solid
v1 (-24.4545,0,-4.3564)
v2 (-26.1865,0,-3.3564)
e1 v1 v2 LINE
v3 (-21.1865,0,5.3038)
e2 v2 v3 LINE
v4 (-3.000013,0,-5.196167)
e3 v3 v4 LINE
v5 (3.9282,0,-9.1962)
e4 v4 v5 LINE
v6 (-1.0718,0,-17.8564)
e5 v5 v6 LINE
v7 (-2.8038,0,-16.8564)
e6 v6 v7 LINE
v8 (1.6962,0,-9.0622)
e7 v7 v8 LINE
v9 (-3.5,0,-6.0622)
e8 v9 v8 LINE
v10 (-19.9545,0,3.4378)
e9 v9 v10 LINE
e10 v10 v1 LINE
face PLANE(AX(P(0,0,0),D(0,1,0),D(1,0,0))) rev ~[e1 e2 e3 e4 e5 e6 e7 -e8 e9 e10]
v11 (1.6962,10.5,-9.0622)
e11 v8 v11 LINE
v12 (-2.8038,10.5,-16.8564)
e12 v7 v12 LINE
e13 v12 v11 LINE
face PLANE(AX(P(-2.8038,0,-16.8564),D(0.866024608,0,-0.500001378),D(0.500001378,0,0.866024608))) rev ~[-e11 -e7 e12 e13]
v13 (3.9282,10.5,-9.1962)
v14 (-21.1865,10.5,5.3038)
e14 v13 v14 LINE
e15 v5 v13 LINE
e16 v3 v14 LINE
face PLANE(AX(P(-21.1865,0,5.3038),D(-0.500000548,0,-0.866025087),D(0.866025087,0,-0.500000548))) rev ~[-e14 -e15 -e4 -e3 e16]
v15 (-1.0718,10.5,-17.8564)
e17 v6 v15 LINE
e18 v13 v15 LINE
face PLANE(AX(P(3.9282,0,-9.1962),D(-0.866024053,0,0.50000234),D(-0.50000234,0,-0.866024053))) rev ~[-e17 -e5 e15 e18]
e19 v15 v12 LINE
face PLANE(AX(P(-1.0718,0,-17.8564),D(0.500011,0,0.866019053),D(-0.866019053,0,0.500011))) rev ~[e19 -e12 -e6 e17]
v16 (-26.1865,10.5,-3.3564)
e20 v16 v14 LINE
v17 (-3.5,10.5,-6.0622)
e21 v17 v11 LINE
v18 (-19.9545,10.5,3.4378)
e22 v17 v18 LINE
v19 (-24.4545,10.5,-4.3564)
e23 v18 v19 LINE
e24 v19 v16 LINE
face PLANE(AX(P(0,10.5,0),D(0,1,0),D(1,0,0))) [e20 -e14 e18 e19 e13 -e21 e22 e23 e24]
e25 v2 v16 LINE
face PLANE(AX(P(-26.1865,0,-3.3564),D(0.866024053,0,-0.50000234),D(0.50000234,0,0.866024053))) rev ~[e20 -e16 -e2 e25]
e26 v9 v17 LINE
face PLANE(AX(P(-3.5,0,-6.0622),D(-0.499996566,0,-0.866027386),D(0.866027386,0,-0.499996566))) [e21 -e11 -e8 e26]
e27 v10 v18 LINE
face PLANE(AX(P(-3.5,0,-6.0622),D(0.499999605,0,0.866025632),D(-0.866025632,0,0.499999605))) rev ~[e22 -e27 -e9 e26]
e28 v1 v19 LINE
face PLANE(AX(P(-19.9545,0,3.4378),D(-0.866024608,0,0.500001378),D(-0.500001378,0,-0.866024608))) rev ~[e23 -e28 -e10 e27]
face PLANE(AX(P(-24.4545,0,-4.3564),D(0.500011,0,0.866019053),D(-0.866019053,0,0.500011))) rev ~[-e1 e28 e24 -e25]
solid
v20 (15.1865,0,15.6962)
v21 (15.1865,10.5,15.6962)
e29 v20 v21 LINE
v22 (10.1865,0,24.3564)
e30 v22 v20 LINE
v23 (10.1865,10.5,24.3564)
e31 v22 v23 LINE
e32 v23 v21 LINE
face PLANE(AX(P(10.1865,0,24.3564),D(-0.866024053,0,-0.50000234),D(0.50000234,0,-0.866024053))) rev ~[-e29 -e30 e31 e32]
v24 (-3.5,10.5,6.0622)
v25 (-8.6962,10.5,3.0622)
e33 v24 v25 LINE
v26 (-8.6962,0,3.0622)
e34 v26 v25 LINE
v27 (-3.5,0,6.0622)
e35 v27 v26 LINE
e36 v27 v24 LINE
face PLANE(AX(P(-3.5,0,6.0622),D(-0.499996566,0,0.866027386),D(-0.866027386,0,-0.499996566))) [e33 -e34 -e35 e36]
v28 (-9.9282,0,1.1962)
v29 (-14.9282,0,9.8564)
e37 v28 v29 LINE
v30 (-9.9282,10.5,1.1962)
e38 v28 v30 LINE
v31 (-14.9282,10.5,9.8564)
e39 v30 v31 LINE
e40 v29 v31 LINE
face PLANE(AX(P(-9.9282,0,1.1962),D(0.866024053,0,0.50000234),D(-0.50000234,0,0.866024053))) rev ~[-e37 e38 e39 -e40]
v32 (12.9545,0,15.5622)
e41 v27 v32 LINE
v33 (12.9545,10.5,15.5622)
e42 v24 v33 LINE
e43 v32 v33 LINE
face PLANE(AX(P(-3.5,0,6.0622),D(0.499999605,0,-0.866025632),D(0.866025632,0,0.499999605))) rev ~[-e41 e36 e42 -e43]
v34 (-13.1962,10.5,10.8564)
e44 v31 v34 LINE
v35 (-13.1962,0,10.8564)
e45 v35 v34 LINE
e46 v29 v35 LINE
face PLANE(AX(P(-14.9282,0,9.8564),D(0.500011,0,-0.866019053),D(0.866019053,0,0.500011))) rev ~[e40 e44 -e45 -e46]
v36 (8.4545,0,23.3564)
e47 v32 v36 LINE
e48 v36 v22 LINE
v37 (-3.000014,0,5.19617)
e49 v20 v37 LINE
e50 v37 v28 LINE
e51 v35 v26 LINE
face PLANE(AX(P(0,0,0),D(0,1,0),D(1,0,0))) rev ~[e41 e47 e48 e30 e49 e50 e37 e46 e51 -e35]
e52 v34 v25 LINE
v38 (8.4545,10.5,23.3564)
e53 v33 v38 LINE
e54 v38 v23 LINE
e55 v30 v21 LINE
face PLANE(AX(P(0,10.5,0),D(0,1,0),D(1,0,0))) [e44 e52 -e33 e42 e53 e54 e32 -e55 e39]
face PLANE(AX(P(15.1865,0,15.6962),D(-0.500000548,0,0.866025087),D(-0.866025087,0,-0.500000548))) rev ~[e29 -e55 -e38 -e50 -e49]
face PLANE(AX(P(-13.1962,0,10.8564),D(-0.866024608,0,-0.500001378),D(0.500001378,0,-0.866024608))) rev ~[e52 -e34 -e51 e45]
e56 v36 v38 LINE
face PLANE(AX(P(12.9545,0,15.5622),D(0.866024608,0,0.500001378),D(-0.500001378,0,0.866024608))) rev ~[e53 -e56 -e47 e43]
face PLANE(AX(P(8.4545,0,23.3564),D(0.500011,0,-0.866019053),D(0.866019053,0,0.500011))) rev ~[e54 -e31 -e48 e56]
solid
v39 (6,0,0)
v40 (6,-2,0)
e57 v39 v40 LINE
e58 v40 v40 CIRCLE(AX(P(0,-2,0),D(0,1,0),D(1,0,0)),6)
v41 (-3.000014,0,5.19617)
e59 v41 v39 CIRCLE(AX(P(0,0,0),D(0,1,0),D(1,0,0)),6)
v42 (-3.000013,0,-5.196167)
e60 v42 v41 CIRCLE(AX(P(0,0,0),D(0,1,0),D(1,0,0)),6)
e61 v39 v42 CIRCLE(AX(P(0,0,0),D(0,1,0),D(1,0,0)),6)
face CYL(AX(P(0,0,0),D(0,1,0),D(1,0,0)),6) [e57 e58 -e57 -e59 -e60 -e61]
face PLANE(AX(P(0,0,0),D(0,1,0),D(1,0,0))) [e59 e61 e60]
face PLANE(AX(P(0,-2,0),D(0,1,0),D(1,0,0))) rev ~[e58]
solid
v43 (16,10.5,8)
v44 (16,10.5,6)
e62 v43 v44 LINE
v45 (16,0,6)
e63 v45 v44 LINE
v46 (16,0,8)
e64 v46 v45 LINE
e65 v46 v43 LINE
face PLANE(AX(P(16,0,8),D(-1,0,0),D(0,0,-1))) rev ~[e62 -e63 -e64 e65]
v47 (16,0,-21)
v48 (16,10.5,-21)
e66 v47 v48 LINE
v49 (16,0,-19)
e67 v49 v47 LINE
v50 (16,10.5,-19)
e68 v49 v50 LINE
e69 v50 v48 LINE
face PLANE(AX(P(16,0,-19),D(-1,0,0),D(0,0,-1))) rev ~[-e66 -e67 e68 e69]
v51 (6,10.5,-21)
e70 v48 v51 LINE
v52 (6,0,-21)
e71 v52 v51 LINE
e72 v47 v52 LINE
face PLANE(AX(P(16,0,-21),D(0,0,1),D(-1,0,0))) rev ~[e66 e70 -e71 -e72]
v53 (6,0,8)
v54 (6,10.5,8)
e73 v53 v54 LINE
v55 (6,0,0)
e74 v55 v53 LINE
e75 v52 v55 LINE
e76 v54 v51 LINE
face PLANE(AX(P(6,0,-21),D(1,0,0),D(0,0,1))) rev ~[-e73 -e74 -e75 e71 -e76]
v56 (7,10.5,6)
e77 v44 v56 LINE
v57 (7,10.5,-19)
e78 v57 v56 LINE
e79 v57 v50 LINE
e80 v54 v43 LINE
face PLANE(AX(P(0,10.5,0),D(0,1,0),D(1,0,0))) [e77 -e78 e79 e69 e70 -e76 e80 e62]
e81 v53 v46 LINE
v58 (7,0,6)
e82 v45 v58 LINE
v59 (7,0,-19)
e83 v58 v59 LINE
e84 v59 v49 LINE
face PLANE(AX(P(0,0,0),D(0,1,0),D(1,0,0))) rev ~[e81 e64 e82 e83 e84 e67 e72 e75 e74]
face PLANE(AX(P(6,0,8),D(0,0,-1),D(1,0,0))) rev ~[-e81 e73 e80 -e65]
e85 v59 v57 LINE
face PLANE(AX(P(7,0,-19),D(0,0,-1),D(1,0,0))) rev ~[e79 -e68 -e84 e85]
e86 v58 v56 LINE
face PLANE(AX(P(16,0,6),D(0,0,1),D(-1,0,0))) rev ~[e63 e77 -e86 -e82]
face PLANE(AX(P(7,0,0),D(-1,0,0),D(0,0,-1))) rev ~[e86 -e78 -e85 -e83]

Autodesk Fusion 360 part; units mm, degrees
sketch "草图1" plane through (0, 0, 0) normal (0, 1, 0) x (1, 0, 0)
  circle A0 centre (0, 0) radius 6
  line L0 (7, 0) -> (7, -6)
  line L1 (7, 0) -> (7, 19)
  line L2 (7, 19) -> (16, 19)
  line L3 (16, 19) -> (16, 21)
  line L4 (16, 21) -> (6, 21)
  line L5 (6, 21) -> (6, -8)
  line L6 (6, -8) -> (16, -8)
  line L7 (16, -8) -> (16, -6)
  line L8 (16, -6) -> (7, -6)
  line L9 (-24.4545, 4.3564) -> (-26.1865, 3.3564)
  line L10 (-26.1865, 3.3564) -> (-21.1865, -5.3038)
  line L11 (-19.9545, -3.4378) -> (-24.4545, 4.3564)
  line L12 (-2.8038, 16.8564) -> (1.6962, 9.0622)
  line L13 (-1.0718, 17.8564) -> (-2.8038, 16.8564)
  line L14 (-3.5, 6.0622) -> (1.6962, 9.0622)
  line L15 (3.9282, 9.1962) -> (-1.0718, 17.8564)
  line L16 (-3.5, 6.0622) -> (-19.9545, -3.4378)
  line L17 (-21.1865, -5.3038) -> (3.9282, 9.1962)
  line L18 (8.4545, -23.3564) -> (10.1865, -24.3564)
  line L19 (10.1865, -24.3564) -> (15.1865, -15.6962)
  line L20 (12.9545, -15.5622) -> (8.4545, -23.3564)
  line L21 (-13.1962, -10.8564) -> (-8.6962, -3.0622)
  line L22 (-14.9282, -9.8564) -> (-13.1962, -10.8564)
  line L23 (-3.5, -6.0622) -> (-8.6962, -3.0622)
  line L24 (-9.9282, -1.1962) -> (-14.9282, -9.8564)
  line L25 (-3.5, -6.0622) -> (12.9545, -15.5622)
  line L26 (15.1865, -15.6962) -> (-9.9282, -1.1962)
  dimension "d1" = 12
  dimension "d2" = 6
  dimension "d3" = 19
  dimension "d5" = 360
sketch "草图2" plane through (0, 0, 0) normal (0, 1, 0) x (1, 0, 0)
  circle A0 centre (0, 0) radius 6
  line L0 (16, 21) -> (0, 21)
  line L1 (16, 21) -> (16, -15)
  line L2 (-26.1865, 3.3564) -> (-18.1865, -10.5)
  line L3 (-26.1865, 3.3564) -> (4.9904, 21.3564)
  line L4 (10.1865, -24.3564) -> (18.1865, -10.5)
  line L5 (10.1865, -24.3564) -> (-20.9904, -6.3564)
  dimension "d11" = 360
extrude "拉伸1" add sketch "草图2" against normal blind 2 contours A0
extrude "拉伸2" add sketch "草图1" along normal blind 10.5 contours L18 L19 L20 L21 L22 L23 L24 L25 L26 | L9 L10 L11 L12 L13 L14 L15 L16 L17 | L0 L1 L2 L3 L4 L5 L6 L7 L8
